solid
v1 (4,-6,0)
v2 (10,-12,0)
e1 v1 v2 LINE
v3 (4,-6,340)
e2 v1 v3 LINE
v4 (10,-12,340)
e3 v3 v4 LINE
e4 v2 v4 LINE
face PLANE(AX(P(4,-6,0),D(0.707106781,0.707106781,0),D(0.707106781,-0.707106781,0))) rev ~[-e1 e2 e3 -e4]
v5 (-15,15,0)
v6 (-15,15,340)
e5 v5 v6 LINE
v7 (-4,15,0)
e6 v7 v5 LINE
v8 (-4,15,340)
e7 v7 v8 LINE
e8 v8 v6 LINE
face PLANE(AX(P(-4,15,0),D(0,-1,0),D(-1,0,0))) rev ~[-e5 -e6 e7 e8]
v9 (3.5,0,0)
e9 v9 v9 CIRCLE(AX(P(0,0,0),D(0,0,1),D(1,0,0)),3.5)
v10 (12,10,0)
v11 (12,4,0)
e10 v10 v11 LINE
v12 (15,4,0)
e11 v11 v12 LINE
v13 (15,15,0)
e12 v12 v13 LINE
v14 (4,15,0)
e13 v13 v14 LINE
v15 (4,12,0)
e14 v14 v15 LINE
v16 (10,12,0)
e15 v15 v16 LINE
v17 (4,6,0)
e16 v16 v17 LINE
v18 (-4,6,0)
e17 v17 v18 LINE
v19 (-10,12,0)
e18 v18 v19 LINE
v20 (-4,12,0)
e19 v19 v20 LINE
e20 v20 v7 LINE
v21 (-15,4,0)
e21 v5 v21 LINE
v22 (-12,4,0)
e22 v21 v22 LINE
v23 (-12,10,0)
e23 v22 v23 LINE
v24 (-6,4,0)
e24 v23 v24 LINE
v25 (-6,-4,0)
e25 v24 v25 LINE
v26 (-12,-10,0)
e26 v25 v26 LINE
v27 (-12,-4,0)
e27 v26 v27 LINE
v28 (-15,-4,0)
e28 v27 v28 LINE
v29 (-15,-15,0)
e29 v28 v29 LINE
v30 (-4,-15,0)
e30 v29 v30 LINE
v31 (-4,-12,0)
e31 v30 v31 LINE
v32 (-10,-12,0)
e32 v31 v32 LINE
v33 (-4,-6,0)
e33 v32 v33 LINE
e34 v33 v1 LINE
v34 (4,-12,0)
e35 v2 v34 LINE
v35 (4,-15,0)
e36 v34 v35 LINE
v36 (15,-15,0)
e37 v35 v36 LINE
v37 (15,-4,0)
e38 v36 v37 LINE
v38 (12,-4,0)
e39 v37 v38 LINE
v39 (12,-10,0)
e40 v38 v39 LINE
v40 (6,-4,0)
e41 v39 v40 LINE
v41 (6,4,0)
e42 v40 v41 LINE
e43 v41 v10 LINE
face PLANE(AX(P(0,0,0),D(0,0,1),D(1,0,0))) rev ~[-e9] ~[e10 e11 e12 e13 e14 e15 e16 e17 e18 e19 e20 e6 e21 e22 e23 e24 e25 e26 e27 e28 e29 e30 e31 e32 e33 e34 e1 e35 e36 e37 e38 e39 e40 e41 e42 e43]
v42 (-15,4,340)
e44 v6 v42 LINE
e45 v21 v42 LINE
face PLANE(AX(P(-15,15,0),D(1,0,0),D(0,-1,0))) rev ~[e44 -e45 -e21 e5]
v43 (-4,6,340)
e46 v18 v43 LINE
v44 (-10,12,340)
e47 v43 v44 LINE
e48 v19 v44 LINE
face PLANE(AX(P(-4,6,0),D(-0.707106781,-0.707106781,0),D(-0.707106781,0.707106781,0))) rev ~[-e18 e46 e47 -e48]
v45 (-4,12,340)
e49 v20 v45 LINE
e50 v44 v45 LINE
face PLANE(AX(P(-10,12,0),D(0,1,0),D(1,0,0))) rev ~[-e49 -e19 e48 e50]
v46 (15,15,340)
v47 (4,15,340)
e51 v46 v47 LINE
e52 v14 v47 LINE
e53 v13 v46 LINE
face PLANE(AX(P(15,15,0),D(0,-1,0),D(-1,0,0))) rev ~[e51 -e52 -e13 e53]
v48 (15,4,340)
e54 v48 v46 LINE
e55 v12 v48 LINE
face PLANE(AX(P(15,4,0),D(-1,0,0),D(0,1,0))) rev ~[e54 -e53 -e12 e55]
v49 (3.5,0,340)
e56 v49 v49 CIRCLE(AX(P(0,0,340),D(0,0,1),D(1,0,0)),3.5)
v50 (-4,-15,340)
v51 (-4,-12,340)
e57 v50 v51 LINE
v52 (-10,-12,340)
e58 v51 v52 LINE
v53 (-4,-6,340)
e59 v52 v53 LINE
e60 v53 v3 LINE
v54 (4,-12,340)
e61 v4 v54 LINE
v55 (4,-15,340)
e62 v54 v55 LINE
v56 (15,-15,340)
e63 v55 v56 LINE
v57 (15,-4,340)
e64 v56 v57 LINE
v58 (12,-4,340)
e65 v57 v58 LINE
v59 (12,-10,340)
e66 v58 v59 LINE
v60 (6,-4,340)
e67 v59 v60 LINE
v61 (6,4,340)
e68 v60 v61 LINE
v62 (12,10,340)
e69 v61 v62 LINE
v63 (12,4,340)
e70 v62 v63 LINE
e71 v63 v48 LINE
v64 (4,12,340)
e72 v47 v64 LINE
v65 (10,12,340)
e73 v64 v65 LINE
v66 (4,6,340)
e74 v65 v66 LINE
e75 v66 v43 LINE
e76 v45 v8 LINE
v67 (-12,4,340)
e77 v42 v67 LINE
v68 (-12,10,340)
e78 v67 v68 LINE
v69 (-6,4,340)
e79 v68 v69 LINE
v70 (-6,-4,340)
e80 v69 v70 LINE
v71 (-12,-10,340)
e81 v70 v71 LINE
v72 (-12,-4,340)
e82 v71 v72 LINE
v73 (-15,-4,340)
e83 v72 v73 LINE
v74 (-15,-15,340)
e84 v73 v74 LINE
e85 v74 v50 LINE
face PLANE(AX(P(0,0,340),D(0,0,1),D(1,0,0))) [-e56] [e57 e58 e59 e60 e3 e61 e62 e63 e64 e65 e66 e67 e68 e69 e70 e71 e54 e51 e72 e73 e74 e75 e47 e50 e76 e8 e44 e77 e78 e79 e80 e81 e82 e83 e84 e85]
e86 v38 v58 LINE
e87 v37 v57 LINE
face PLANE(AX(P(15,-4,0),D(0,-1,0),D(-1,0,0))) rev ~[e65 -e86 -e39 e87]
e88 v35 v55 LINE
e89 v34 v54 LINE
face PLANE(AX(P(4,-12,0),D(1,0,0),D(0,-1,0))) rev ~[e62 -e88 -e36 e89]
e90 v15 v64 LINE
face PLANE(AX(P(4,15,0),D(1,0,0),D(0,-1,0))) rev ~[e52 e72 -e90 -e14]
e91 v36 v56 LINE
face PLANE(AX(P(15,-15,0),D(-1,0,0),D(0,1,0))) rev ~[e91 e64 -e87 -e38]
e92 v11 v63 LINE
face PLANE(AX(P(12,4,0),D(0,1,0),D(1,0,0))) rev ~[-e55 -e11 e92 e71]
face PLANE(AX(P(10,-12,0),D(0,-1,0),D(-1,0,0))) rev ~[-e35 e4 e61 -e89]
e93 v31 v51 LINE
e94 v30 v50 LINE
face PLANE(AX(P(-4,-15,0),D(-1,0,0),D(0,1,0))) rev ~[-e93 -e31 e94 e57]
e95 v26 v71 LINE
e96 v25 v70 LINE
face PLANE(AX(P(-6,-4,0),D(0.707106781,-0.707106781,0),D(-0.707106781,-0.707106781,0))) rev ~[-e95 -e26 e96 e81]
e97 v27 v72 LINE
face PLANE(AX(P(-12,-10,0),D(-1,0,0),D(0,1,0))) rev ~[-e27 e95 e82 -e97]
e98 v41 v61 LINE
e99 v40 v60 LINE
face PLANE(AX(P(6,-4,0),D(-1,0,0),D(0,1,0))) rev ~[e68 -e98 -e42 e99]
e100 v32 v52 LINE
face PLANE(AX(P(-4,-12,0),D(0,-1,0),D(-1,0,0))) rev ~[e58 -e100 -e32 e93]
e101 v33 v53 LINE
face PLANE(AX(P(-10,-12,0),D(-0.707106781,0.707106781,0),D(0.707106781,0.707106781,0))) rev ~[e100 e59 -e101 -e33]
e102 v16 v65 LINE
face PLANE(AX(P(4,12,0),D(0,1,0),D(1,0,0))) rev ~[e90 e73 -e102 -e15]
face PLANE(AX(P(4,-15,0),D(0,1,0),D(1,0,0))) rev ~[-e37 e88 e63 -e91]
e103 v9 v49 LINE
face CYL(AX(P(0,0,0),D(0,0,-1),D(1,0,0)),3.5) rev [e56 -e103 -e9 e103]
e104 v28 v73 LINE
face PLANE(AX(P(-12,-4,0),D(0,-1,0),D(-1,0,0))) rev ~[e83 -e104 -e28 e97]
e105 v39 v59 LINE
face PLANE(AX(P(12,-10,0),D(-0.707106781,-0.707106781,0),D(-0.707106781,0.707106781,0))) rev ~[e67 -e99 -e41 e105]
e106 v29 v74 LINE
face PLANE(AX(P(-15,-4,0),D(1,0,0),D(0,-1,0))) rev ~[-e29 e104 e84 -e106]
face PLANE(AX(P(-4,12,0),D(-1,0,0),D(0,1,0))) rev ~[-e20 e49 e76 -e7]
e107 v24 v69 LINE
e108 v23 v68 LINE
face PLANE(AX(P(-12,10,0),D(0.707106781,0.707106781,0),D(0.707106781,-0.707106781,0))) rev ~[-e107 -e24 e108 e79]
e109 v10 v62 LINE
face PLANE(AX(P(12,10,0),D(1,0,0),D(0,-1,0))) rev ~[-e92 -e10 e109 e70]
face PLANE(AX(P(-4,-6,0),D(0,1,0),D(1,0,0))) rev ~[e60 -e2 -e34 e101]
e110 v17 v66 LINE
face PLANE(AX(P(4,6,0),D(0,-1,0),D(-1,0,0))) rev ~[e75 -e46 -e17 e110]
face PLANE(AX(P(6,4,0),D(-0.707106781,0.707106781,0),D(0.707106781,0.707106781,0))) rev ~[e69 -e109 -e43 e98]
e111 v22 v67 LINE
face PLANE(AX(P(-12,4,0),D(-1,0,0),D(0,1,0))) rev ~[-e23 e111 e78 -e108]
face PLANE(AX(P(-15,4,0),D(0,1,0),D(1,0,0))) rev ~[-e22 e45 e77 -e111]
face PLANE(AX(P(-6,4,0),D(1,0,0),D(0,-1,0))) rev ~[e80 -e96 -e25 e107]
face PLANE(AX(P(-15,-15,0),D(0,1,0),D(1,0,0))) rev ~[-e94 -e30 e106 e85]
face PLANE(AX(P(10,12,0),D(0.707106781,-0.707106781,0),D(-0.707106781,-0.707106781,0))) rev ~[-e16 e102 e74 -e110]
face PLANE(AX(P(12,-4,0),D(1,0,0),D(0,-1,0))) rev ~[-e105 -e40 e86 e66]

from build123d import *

# Parameters (mm, degrees)
F0_R     = 3.5
F1_DEPTH = 340


with BuildPart() as f1:
    # F0 (on Top) → F1 (new body)
    with BuildSketch(Plane.XY):
        Polygon((-4, 15), (-15, 15), (-15, 4), (-12, 4), (-12, 10), (-6, 4), (-6, 0), (-6, -4), (-12, -10), (-12, -4), (-15, -4), (-15, -15), (-4, -15), (-4, -12), (-10, -12), (-4, -6), (0, -6), (4, -6), (10, -12), (4, -12), (4, -15), (15, -15), (15, -4), (12, -4), (12, -10), (6, -4), (6, 0), (6, 4), (12, 10), (12, 4), (15, 4), (15, 15), (4, 15), (4, 12), (10, 12), (4, 6), (0, 6), (-4, 6), (-10, 12), (-4, 12), align=None)
        Circle(F0_R, mode=Mode.SUBTRACT)
    extrude(amount=F1_DEPTH)


solid = f1.part
